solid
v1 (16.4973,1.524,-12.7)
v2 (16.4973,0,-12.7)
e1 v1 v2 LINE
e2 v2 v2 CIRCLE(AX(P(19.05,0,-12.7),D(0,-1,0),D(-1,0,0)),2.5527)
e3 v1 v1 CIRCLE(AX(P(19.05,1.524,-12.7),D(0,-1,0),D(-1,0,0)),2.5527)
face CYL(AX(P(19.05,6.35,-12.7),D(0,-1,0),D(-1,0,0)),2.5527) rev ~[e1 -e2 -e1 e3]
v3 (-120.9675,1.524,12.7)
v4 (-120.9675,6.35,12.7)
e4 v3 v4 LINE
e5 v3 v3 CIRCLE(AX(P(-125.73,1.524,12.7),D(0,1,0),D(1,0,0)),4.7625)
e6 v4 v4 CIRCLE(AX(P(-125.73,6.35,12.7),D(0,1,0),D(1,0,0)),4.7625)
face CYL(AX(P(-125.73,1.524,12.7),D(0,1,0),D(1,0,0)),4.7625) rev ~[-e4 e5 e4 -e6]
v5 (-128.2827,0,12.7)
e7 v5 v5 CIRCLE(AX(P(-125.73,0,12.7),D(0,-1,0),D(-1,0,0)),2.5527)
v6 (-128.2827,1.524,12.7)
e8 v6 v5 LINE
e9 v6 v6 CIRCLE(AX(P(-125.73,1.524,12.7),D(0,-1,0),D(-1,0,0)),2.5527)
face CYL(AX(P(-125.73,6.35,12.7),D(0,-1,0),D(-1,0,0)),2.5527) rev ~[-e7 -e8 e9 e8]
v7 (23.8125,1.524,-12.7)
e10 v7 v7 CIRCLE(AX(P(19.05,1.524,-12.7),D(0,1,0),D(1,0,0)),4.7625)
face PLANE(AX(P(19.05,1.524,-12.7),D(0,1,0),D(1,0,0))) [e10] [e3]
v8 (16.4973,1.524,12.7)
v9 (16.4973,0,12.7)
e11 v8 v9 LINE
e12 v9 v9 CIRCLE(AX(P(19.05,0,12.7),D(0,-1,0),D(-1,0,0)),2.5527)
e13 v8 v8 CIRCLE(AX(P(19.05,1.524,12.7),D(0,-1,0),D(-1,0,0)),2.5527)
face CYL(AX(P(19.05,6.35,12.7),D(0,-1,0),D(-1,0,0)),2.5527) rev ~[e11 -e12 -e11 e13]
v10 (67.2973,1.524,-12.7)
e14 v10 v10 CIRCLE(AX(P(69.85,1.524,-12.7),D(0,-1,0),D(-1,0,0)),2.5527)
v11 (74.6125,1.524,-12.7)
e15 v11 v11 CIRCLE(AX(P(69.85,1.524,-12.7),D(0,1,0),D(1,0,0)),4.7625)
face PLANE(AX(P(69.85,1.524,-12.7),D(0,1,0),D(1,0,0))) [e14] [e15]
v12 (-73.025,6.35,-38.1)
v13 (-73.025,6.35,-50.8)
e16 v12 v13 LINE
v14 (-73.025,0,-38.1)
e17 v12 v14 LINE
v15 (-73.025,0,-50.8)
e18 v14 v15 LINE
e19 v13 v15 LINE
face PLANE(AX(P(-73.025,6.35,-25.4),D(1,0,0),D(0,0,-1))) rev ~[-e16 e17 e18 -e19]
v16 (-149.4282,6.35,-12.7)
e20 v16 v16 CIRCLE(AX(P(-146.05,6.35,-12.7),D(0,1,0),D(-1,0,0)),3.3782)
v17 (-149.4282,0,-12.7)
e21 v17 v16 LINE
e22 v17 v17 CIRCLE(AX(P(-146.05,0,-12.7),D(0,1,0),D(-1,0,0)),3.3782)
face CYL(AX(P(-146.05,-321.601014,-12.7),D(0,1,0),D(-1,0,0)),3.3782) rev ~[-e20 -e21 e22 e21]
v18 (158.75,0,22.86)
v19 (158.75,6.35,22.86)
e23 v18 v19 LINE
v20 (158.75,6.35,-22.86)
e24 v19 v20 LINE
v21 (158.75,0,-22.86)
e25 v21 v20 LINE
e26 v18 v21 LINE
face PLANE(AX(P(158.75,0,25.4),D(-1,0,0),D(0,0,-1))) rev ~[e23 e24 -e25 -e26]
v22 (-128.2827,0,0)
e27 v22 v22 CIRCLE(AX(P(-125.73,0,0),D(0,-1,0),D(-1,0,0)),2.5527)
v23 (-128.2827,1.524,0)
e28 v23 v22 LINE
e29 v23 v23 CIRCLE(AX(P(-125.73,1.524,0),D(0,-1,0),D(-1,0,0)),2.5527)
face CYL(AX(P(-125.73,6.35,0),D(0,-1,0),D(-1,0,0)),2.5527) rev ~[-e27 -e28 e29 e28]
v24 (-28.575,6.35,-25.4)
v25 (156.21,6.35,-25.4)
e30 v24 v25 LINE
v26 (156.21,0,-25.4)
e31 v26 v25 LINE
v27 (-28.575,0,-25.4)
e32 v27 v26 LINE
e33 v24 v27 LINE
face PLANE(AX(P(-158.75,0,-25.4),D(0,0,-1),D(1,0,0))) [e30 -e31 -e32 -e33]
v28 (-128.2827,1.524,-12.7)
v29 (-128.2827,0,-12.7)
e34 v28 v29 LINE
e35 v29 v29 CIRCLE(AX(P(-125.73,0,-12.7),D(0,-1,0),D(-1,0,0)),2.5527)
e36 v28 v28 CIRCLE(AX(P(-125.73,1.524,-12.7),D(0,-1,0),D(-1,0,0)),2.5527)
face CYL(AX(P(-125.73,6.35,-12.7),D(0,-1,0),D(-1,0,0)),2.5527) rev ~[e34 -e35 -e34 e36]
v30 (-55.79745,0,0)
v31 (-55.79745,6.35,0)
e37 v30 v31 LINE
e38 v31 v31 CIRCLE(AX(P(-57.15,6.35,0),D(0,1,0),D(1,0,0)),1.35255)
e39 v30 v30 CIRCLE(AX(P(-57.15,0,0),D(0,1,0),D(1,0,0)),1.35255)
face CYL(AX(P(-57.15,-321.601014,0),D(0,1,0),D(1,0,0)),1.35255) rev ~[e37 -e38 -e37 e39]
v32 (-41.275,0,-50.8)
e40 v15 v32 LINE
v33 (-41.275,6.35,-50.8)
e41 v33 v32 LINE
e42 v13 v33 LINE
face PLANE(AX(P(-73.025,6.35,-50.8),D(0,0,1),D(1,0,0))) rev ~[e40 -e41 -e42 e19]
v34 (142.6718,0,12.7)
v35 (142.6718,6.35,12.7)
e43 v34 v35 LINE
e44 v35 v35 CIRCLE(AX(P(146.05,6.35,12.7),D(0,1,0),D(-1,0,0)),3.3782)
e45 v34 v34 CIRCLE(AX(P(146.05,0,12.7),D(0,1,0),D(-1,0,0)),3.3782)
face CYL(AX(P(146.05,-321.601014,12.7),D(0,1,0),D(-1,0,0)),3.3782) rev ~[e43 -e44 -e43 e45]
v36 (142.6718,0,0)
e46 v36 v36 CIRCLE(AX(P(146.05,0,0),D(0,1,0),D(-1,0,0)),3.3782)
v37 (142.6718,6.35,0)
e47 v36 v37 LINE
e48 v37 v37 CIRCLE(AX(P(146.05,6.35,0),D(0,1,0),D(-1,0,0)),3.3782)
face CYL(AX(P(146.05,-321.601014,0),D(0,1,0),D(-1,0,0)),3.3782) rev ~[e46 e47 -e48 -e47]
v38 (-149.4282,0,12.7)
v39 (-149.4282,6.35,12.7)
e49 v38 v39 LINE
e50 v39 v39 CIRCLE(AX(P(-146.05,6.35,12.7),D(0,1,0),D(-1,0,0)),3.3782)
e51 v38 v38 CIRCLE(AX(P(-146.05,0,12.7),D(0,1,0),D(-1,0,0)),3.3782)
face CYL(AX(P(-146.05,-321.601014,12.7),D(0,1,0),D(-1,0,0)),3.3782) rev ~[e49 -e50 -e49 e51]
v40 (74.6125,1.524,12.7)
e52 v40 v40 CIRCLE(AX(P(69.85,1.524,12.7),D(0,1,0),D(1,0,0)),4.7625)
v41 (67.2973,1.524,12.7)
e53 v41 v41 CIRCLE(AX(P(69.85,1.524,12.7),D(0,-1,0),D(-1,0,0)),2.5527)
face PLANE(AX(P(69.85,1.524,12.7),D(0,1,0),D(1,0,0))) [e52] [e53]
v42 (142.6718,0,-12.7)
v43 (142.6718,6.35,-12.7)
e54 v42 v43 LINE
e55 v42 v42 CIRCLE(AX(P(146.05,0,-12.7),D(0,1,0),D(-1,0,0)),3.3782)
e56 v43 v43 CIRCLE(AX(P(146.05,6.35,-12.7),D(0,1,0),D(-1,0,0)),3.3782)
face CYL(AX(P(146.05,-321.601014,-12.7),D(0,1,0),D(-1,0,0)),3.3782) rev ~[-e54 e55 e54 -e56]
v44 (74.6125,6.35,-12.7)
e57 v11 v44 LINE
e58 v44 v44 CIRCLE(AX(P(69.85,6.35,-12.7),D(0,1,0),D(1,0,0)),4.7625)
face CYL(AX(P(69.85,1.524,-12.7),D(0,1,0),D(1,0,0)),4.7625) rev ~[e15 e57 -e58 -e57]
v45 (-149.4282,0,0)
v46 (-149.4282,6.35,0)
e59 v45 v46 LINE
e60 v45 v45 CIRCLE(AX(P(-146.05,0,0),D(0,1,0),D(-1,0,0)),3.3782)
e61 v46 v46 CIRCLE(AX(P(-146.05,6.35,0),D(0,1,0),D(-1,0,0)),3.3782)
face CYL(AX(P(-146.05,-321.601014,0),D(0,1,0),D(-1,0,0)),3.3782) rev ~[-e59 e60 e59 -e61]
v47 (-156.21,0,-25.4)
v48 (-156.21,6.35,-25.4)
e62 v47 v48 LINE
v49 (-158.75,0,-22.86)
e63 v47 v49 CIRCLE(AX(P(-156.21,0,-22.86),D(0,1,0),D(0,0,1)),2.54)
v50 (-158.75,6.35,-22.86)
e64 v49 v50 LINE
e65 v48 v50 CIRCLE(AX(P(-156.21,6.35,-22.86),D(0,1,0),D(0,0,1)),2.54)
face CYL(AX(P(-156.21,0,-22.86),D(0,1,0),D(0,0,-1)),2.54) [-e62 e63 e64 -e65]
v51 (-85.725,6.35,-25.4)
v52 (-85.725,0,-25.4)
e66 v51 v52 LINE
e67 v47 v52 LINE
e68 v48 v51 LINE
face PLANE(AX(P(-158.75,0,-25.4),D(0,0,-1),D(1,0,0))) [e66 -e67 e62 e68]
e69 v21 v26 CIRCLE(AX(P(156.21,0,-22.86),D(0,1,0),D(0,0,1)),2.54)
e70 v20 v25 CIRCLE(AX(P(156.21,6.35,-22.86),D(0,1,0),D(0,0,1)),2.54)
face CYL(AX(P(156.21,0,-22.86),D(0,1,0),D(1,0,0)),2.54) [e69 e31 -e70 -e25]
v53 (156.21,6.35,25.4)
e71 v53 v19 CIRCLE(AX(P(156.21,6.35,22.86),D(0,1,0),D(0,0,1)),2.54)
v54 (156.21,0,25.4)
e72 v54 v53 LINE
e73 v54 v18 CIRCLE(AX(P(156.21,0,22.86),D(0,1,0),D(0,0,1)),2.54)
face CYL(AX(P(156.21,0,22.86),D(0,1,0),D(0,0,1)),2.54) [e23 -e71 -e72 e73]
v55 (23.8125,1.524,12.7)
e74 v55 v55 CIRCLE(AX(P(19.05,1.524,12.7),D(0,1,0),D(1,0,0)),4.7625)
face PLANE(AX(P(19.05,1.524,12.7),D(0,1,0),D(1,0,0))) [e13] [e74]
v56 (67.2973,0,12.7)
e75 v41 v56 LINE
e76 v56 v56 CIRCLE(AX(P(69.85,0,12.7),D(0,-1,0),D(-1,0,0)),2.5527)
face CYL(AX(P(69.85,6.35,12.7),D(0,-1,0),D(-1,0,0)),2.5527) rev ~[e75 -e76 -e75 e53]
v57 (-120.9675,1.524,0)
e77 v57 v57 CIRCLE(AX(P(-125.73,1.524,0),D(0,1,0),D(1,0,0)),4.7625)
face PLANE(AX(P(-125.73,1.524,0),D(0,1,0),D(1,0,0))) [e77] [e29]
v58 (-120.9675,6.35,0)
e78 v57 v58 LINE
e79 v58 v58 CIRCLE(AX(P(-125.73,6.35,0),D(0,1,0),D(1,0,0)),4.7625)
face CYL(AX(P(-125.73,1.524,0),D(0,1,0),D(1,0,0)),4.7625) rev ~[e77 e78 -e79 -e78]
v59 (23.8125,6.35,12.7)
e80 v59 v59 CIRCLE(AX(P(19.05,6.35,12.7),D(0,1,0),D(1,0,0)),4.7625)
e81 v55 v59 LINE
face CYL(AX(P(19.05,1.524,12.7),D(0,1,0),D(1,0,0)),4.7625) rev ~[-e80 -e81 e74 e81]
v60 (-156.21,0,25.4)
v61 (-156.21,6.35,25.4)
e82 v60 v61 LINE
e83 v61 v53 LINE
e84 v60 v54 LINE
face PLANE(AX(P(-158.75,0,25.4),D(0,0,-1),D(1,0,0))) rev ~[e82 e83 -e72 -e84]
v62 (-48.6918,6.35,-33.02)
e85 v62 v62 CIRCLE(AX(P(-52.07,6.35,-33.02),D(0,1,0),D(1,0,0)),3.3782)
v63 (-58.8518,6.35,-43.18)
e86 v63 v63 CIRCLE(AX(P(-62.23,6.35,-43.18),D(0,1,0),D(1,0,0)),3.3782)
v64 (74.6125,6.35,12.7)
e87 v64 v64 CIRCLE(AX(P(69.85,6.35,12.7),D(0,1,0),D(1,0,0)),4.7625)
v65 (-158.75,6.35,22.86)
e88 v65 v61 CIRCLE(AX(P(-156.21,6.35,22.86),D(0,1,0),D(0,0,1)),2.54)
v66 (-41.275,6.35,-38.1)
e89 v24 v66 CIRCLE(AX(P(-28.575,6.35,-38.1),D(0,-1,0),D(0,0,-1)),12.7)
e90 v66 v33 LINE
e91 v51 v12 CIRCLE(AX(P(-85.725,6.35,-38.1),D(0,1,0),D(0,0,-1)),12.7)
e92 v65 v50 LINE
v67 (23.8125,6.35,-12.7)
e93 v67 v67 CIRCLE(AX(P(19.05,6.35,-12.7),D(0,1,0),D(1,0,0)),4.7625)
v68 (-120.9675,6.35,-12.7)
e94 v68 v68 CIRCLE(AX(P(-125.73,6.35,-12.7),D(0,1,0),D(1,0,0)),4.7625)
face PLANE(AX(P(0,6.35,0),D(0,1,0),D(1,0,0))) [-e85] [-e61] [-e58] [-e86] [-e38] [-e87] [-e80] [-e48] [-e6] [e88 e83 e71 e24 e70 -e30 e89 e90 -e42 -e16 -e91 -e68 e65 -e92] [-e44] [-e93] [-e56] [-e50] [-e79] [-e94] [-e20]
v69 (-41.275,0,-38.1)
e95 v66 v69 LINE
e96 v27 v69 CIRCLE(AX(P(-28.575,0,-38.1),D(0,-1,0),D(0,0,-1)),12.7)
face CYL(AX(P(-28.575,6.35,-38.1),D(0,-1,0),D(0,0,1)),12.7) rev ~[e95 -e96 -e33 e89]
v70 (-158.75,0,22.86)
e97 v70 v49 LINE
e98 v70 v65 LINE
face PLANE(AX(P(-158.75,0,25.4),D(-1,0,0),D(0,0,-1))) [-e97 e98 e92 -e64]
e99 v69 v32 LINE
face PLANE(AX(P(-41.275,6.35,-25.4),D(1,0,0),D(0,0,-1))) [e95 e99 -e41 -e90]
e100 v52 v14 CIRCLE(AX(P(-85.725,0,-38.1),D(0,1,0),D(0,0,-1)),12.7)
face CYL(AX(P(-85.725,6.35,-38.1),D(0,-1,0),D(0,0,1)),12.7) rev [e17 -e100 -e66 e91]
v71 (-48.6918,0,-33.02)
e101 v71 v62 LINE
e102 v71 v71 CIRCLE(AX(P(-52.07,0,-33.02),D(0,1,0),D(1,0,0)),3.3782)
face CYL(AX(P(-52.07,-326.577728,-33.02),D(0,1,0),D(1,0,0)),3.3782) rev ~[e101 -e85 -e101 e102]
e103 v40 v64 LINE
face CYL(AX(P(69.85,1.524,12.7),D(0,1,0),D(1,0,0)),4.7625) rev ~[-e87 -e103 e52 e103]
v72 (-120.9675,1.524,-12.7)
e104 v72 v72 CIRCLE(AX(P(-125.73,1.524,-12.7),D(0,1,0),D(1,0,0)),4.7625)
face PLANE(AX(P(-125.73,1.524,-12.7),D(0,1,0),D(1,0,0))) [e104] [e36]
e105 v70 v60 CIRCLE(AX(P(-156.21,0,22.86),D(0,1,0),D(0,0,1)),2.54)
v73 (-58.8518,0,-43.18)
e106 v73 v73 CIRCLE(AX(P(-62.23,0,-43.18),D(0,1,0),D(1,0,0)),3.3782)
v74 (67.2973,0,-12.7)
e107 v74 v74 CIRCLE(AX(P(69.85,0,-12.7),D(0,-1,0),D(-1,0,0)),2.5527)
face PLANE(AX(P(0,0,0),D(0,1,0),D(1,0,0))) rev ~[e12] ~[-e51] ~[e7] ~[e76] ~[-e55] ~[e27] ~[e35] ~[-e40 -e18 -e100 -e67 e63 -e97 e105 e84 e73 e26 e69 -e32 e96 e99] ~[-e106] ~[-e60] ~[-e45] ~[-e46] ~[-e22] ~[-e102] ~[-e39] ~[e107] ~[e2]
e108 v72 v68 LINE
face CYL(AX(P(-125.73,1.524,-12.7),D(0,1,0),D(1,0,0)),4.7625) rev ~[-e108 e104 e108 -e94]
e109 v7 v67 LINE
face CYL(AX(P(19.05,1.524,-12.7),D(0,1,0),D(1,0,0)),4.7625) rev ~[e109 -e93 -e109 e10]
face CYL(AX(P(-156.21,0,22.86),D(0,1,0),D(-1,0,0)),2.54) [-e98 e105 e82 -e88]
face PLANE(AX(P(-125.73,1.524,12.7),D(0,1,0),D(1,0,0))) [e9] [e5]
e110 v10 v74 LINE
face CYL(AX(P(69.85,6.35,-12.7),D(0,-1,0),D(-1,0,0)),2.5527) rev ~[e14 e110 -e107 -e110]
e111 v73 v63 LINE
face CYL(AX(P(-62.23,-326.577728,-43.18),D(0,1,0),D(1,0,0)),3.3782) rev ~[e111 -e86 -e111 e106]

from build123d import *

# Parameters (mm, degrees)
SKETCH1_W                                       = 317.5
SKETCH1_H                                       = 50.8
BOSS_EXTRUDE1_DEPTH                             = 6.35
CBORE_FOR_10_SOCKET_HEAD_CAP_SCREW1_D           = 5.1054
CBORE_FOR_10_SOCKET_HEAD_CAP_SCREW1_CBORE_D     = 9.525
CBORE_FOR_10_SOCKET_HEAD_CAP_SCREW1_CBORE_DEPTH = 4.826
F_1_4_CLEARANCE_HOLE2_D                         = 6.7564
F_6_32_TAPPED_HOLE1_D                           = 2.7051
SKETCH12_W                                      = 31.75
SKETCH12_H                                      = 25.4
BOSS_EXTRUDE3_DEPTH                             = 6.35
F_1_4_CLEARANCE_HOLE1_D                         = 6.7564
FILLET1_R                                       = 12.7
FILLET2_R                                       = 2.54


with BuildPart() as part:
    # Sketch1 → Boss-Extrude1 (new body)
    with BuildSketch(Plane(origin=(0, 0, 0), x_dir=(1, 0, 0), z_dir=(0, 1, 0))):
        Rectangle(SKETCH1_W, SKETCH1_H)
    extrude(amount=BOSS_EXTRUDE1_DEPTH)

    # CBORE for #10 Socket Head Cap Screw1 (through all)
    with Locations(Plane(origin=(0, 6.35, 0), x_dir=(1, 0, 0), z_dir=(0, 1, 0))):
        with Locations((-125.73, -12.7), (19.05, 12.7), (69.85, 12.7), (19.05, -12.7), (69.85, -12.7), (-125.73, 12.7), (-125.73, 0)):
            CounterBoreHole(CBORE_FOR_10_SOCKET_HEAD_CAP_SCREW1_D / 2, CBORE_FOR_10_SOCKET_HEAD_CAP_SCREW1_CBORE_D / 2, CBORE_FOR_10_SOCKET_HEAD_CAP_SCREW1_CBORE_DEPTH)

    # 1/4 Clearance Hole2 (through all)
    with Locations(Plane.XZ):
        with Locations((-146.05, 12.7), (-146.05, 0), (-146.05, -12.7), (146.05, 12.7), (146.05, 0), (146.05, -12.7)):
            Hole(F_1_4_CLEARANCE_HOLE2_D / 2)

    # #6-32 Tapped Hole1 (through all)
    with Locations(Plane(origin=(0, 0, 0), x_dir=(-1, 0, 0), z_dir=(0, -1, 0))):
        with Locations((57.15, 0)):
            Hole(F_6_32_TAPPED_HOLE1_D / 2)

    # Sketch12 → Boss-Extrude3 (add)
    with BuildSketch(Plane(origin=(0, 6.35, 0), x_dir=(1, 0, 0), z_dir=(0, 1, 0))):
        with Locations((-57.15, 38.1)):
            Rectangle(SKETCH12_W, SKETCH12_H)
    extrude(amount=-BOSS_EXTRUDE3_DEPTH)

    # 1/4 Clearance Hole1 (through all)
    with Locations(Plane(origin=(0, 0, 0), x_dir=(-1, 0, 0), z_dir=(0, -1, 0))):
        with Locations((62.23, 43.18), (52.07, 33.02)):
            Hole(F_1_4_CLEARANCE_HOLE1_D / 2)

    # Fillet1
    fillet1_edges = [part.edges().sort_by_distance(p)[0] for p in [
        (-73.025, 3.175, -25.4),
        (-41.275, 3.175, -25.4),
    ]]
    fillet(fillet1_edges, radius=FILLET1_R)

    # Fillet2
    fillet2_edges = [part.edges().sort_by_distance(p)[0] for p in [
        (158.75, 3.175, 25.4),
        (-158.75, 3.175, 25.4),
        (-158.75, 3.175, -25.4),
        (158.75, 3.175, -25.4),
    ]]
    fillet(fillet2_edges, radius=FILLET2_R)


solid = part.part
